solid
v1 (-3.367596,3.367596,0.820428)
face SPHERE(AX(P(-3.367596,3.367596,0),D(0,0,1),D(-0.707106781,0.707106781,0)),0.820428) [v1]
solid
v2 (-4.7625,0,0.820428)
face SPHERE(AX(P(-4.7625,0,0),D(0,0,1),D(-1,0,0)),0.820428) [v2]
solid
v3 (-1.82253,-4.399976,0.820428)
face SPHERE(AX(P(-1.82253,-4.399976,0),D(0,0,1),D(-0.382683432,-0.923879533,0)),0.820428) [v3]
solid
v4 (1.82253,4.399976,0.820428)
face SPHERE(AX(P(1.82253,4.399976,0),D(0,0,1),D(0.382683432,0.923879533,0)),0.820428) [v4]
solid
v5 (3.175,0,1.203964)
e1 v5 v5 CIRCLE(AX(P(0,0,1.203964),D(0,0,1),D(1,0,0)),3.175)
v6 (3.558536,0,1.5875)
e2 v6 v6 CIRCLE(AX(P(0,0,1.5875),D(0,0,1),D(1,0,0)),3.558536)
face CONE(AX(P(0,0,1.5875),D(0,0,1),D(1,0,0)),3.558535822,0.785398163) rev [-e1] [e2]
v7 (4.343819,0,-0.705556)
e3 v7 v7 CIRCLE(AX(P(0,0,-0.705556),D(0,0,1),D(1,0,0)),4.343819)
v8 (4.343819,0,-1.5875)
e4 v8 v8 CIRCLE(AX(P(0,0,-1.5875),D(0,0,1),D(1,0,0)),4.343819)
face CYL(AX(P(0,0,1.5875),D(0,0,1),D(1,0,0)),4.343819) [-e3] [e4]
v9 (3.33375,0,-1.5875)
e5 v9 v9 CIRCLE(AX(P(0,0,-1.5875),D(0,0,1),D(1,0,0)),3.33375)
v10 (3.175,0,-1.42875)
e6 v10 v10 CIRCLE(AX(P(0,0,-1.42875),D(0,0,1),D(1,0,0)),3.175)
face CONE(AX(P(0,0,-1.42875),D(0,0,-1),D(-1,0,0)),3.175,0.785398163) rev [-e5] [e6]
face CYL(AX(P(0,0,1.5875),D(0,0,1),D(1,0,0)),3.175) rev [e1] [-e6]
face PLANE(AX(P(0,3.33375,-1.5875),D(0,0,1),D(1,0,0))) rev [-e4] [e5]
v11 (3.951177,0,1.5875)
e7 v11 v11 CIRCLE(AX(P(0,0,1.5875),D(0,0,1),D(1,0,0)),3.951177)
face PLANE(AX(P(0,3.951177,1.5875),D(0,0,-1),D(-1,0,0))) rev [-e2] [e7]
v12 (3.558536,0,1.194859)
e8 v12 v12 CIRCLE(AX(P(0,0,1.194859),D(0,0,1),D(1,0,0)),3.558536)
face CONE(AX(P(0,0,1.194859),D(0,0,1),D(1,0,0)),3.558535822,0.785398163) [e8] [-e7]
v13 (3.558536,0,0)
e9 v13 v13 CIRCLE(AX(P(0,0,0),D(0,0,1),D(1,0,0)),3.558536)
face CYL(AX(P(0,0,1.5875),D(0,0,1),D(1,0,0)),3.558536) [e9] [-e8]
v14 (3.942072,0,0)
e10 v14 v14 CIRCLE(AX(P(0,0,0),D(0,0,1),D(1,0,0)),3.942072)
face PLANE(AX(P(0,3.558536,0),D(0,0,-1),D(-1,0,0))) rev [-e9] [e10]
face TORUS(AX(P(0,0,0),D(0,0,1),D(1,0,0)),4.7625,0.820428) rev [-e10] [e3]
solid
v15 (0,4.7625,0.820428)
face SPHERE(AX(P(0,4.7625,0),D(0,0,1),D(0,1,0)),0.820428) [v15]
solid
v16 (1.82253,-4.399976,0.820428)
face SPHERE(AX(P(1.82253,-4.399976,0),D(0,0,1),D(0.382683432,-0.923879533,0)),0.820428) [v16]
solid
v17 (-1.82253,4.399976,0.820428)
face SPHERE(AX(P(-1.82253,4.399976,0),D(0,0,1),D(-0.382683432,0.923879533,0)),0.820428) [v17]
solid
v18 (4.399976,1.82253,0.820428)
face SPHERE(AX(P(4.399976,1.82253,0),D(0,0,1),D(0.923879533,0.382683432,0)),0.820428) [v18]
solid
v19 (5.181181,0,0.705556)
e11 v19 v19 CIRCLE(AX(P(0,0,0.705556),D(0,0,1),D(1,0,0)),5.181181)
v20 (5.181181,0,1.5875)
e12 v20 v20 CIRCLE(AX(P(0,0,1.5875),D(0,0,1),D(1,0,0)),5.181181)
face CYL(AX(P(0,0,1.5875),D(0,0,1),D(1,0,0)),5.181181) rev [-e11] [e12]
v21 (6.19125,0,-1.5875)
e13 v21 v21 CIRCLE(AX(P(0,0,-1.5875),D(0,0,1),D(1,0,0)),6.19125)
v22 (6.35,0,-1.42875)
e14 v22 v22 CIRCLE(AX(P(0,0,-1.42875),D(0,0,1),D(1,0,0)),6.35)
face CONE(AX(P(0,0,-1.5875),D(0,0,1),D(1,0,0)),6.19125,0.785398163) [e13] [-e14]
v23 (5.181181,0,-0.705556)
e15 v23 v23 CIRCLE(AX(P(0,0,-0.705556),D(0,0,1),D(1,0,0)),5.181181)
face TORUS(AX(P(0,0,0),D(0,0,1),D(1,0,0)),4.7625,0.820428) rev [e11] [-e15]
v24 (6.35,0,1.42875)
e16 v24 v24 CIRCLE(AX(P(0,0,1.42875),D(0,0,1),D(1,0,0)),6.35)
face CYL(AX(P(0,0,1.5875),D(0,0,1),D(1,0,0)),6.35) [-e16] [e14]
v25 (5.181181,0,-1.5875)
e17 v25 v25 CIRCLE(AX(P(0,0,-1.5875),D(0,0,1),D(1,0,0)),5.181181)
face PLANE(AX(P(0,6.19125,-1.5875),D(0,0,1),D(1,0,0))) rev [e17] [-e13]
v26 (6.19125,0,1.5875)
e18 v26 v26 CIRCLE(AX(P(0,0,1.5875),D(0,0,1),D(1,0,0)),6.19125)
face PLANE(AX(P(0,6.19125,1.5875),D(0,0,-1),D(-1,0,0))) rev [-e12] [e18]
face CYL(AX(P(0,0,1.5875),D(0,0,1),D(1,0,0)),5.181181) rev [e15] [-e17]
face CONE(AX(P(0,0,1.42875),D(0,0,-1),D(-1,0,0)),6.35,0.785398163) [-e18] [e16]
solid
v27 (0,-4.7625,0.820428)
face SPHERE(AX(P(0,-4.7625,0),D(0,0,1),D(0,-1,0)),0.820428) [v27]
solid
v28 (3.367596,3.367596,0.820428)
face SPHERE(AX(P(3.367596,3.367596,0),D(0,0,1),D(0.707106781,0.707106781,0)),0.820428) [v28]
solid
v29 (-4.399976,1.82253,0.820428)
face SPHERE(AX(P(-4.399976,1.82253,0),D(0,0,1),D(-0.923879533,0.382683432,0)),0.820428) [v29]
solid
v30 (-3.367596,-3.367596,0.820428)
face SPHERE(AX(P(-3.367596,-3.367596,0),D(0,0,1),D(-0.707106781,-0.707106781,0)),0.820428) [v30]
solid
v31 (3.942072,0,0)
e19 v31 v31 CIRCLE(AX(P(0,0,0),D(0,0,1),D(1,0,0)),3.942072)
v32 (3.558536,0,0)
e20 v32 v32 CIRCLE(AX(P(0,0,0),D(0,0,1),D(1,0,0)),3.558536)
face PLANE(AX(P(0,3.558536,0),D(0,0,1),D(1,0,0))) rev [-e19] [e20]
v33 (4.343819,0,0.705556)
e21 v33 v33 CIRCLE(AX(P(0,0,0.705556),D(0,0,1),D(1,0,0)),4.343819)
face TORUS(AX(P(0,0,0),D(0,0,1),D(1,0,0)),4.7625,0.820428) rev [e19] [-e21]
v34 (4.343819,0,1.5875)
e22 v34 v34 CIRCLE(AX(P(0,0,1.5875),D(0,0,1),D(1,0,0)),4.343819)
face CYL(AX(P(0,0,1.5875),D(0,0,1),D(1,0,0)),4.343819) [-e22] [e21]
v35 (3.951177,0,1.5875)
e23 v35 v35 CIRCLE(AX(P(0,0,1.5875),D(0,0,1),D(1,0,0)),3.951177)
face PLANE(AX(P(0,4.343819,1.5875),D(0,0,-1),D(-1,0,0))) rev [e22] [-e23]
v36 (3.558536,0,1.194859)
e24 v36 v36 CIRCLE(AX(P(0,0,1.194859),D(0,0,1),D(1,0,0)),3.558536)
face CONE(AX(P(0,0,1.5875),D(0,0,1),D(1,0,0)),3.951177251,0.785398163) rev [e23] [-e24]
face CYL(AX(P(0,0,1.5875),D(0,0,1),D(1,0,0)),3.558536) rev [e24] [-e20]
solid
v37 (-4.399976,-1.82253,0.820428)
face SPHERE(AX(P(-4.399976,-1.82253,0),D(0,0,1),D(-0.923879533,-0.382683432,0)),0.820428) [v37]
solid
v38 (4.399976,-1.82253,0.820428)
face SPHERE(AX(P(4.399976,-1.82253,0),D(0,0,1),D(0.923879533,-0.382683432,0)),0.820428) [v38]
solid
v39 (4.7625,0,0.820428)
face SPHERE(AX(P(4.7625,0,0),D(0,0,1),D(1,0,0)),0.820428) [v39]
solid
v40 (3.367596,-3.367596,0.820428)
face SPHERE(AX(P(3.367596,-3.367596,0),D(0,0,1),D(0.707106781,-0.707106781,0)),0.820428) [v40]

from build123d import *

# Parameters (mm, degrees)
CIRPATTERN1_COUNT = 16


with BuildPart() as part:
    # Sketch1 → Revolve1 (revolve)
    with BuildSketch(Plane(origin=(0, 0, 0), x_dir=(0, 0, -1), z_dir=(1, 0, 0))):
        with BuildLine():
            Line((1.42875, 6.35), (-1.42875, 6.35))
            Line((-1.42875, 6.35), (-1.5875, 6.19125))
            Line((-1.5875, 6.19125), (-1.5875, 5.181181319))
            Line((-1.5875, 5.181181319), (-0.705555556, 5.181181319))
            ThreePointArc((-0.705555556, 5.181181319), (0, 5.582928357), (0.705555556, 5.181181319))
            Line((0.705555556, 5.181181319), (1.5875, 5.181181319))
            Line((1.5875, 5.181181319), (1.5875, 6.19125))
            Line((1.5875, 6.19125), (1.42875, 6.35))
        make_face()
    revolve(axis=Axis((0, 0, 1.5875), (0, 0, -1)))


with BuildPart() as body_2:
    # Sketch2 → Revolve2 (revolve)
    with BuildSketch(Plane(origin=(0, 0, 0), x_dir=(0, 0, -1), z_dir=(1, 0, 0))):
        with BuildLine():
            Line((-1.5875, 4.343818681), (-0.705555556, 4.343818681))
            ThreePointArc((-0.705555556, 4.343818681), (-0.405958534, 4.049548138), (0, 3.942071643))
            Line((0, 3.942071643), (0, 3.558535822))
            Line((0, 3.558535822), (-1.19485857, 3.558535822))
            Line((-1.19485857, 3.558535822), (-1.5875, 3.951177251))
            Line((-1.5875, 3.951177251), (-1.5875, 4.343818681))
        make_face()
    revolve(axis=Axis((0, 0, 1.5875), (0, 0, -1)))


with BuildPart() as body_3:
    # Sketch3 → Revolve3 (revolve)
    with BuildSketch(Plane(origin=(0, 0, 0), x_dir=(0, 0, -1), z_dir=(1, 0, 0))):
        with BuildLine():
            Line((-1.5875, 3.951177251), (-1.19485857, 3.558535822))
            Line((-1.19485857, 3.558535822), (0, 3.558535822))
            Line((0, 3.558535822), (0, 3.942071643))
            ThreePointArc((0, 3.942071643), (0.405958534, 4.049548138), (0.705555556, 4.343818681))
            Line((0.705555556, 4.343818681), (1.5875, 4.343818681))
            Line((1.5875, 4.343818681), (1.5875, 3.33375))
            Line((1.5875, 3.33375), (1.42875, 3.175))
            Line((1.42875, 3.175), (-1.203964178, 3.175))
            Line((-1.203964178, 3.175), (-1.5875, 3.558535822))
            Line((-1.5875, 3.558535822), (-1.5875, 3.951177251))
        make_face()
    revolve(axis=Axis((0, 0, 1.5875), (0, 0, -1)))


with BuildPart() as body_4:
    # Sketch4 → Revolve4 (revolve)
    with BuildSketch(Plane(origin=(0, 0, 0), x_dir=(0, 0, -1), z_dir=(1, 0, 0))):
        with BuildLine():
            Line((-0.820428357, 4.7625), (0.820428357, 4.7625))
            ThreePointArc((0.820428357, 4.7625), (0, 5.582928357), (-0.820428357, 4.7625))
        make_face()
    revolve(axis=Axis((0, 4.7625, 0.820428357), (0, 0, -1)))


with BuildPart() as cirpattern1_1:
    # CirPattern1: pattern copy
    add(body_4.part.rotate(Axis((0, 0, -1.5875), (0, 0, 1)), 1 * 360 / CIRPATTERN1_COUNT))


with BuildPart() as cirpattern1_2:
    # CirPattern1: pattern copy
    add(body_4.part.rotate(Axis((0, 0, -1.5875), (0, 0, 1)), 2 * 360 / CIRPATTERN1_COUNT))


with BuildPart() as cirpattern1_3:
    # CirPattern1: pattern copy
    add(body_4.part.rotate(Axis((0, 0, -1.5875), (0, 0, 1)), 3 * 360 / CIRPATTERN1_COUNT))


with BuildPart() as cirpattern1_4:
    # CirPattern1: pattern copy
    add(body_4.part.rotate(Axis((0, 0, -1.5875), (0, 0, 1)), 4 * 360 / CIRPATTERN1_COUNT))


with BuildPart() as cirpattern1_5:
    # CirPattern1: pattern copy
    add(body_4.part.rotate(Axis((0, 0, -1.5875), (0, 0, 1)), 5 * 360 / CIRPATTERN1_COUNT))


with BuildPart() as cirpattern1_6:
    # CirPattern1: pattern copy
    add(body_4.part.rotate(Axis((0, 0, -1.5875), (0, 0, 1)), 6 * 360 / CIRPATTERN1_COUNT))


with BuildPart() as cirpattern1_7:
    # CirPattern1: pattern copy
    add(body_4.part.rotate(Axis((0, 0, -1.5875), (0, 0, 1)), 7 * 360 / CIRPATTERN1_COUNT))


with BuildPart() as cirpattern1_8:
    # CirPattern1: pattern copy
    add(body_4.part.rotate(Axis((0, 0, -1.5875), (0, 0, 1)), 8 * 360 / CIRPATTERN1_COUNT))


with BuildPart() as cirpattern1_9:
    # CirPattern1: pattern copy
    add(body_4.part.rotate(Axis((0, 0, -1.5875), (0, 0, 1)), 9 * 360 / CIRPATTERN1_COUNT))


with BuildPart() as cirpattern1_10:
    # CirPattern1: pattern copy
    add(body_4.part.rotate(Axis((0, 0, -1.5875), (0, 0, 1)), 10 * 360 / CIRPATTERN1_COUNT))


with BuildPart() as cirpattern1_11:
    # CirPattern1: pattern copy
    add(body_4.part.rotate(Axis((0, 0, -1.5875), (0, 0, 1)), 11 * 360 / CIRPATTERN1_COUNT))


with BuildPart() as cirpattern1_12:
    # CirPattern1: pattern copy
    add(body_4.part.rotate(Axis((0, 0, -1.5875), (0, 0, 1)), 12 * 360 / CIRPATTERN1_COUNT))


with BuildPart() as cirpattern1_13:
    # CirPattern1: pattern copy
    add(body_4.part.rotate(Axis((0, 0, -1.5875), (0, 0, 1)), 13 * 360 / CIRPATTERN1_COUNT))


with BuildPart() as cirpattern1_14:
    # CirPattern1: pattern copy
    add(body_4.part.rotate(Axis((0, 0, -1.5875), (0, 0, 1)), 14 * 360 / CIRPATTERN1_COUNT))


with BuildPart() as cirpattern1_15:
    # CirPattern1: pattern copy
    add(body_4.part.rotate(Axis((0, 0, -1.5875), (0, 0, 1)), 15 * 360 / CIRPATTERN1_COUNT))


solid = Compound([part.part, body_2.part, body_3.part, body_4.part, cirpattern1_1.part, cirpattern1_2.part, cirpattern1_3.part, cirpattern1_4.part, cirpattern1_5.part, cirpattern1_6.part, cirpattern1_7.part, cirpattern1_8.part, cirpattern1_9.part, cirpattern1_10.part, cirpattern1_11.part, cirpattern1_12.part, cirpattern1_13.part, cirpattern1_14.part, cirpattern1_15.part])
